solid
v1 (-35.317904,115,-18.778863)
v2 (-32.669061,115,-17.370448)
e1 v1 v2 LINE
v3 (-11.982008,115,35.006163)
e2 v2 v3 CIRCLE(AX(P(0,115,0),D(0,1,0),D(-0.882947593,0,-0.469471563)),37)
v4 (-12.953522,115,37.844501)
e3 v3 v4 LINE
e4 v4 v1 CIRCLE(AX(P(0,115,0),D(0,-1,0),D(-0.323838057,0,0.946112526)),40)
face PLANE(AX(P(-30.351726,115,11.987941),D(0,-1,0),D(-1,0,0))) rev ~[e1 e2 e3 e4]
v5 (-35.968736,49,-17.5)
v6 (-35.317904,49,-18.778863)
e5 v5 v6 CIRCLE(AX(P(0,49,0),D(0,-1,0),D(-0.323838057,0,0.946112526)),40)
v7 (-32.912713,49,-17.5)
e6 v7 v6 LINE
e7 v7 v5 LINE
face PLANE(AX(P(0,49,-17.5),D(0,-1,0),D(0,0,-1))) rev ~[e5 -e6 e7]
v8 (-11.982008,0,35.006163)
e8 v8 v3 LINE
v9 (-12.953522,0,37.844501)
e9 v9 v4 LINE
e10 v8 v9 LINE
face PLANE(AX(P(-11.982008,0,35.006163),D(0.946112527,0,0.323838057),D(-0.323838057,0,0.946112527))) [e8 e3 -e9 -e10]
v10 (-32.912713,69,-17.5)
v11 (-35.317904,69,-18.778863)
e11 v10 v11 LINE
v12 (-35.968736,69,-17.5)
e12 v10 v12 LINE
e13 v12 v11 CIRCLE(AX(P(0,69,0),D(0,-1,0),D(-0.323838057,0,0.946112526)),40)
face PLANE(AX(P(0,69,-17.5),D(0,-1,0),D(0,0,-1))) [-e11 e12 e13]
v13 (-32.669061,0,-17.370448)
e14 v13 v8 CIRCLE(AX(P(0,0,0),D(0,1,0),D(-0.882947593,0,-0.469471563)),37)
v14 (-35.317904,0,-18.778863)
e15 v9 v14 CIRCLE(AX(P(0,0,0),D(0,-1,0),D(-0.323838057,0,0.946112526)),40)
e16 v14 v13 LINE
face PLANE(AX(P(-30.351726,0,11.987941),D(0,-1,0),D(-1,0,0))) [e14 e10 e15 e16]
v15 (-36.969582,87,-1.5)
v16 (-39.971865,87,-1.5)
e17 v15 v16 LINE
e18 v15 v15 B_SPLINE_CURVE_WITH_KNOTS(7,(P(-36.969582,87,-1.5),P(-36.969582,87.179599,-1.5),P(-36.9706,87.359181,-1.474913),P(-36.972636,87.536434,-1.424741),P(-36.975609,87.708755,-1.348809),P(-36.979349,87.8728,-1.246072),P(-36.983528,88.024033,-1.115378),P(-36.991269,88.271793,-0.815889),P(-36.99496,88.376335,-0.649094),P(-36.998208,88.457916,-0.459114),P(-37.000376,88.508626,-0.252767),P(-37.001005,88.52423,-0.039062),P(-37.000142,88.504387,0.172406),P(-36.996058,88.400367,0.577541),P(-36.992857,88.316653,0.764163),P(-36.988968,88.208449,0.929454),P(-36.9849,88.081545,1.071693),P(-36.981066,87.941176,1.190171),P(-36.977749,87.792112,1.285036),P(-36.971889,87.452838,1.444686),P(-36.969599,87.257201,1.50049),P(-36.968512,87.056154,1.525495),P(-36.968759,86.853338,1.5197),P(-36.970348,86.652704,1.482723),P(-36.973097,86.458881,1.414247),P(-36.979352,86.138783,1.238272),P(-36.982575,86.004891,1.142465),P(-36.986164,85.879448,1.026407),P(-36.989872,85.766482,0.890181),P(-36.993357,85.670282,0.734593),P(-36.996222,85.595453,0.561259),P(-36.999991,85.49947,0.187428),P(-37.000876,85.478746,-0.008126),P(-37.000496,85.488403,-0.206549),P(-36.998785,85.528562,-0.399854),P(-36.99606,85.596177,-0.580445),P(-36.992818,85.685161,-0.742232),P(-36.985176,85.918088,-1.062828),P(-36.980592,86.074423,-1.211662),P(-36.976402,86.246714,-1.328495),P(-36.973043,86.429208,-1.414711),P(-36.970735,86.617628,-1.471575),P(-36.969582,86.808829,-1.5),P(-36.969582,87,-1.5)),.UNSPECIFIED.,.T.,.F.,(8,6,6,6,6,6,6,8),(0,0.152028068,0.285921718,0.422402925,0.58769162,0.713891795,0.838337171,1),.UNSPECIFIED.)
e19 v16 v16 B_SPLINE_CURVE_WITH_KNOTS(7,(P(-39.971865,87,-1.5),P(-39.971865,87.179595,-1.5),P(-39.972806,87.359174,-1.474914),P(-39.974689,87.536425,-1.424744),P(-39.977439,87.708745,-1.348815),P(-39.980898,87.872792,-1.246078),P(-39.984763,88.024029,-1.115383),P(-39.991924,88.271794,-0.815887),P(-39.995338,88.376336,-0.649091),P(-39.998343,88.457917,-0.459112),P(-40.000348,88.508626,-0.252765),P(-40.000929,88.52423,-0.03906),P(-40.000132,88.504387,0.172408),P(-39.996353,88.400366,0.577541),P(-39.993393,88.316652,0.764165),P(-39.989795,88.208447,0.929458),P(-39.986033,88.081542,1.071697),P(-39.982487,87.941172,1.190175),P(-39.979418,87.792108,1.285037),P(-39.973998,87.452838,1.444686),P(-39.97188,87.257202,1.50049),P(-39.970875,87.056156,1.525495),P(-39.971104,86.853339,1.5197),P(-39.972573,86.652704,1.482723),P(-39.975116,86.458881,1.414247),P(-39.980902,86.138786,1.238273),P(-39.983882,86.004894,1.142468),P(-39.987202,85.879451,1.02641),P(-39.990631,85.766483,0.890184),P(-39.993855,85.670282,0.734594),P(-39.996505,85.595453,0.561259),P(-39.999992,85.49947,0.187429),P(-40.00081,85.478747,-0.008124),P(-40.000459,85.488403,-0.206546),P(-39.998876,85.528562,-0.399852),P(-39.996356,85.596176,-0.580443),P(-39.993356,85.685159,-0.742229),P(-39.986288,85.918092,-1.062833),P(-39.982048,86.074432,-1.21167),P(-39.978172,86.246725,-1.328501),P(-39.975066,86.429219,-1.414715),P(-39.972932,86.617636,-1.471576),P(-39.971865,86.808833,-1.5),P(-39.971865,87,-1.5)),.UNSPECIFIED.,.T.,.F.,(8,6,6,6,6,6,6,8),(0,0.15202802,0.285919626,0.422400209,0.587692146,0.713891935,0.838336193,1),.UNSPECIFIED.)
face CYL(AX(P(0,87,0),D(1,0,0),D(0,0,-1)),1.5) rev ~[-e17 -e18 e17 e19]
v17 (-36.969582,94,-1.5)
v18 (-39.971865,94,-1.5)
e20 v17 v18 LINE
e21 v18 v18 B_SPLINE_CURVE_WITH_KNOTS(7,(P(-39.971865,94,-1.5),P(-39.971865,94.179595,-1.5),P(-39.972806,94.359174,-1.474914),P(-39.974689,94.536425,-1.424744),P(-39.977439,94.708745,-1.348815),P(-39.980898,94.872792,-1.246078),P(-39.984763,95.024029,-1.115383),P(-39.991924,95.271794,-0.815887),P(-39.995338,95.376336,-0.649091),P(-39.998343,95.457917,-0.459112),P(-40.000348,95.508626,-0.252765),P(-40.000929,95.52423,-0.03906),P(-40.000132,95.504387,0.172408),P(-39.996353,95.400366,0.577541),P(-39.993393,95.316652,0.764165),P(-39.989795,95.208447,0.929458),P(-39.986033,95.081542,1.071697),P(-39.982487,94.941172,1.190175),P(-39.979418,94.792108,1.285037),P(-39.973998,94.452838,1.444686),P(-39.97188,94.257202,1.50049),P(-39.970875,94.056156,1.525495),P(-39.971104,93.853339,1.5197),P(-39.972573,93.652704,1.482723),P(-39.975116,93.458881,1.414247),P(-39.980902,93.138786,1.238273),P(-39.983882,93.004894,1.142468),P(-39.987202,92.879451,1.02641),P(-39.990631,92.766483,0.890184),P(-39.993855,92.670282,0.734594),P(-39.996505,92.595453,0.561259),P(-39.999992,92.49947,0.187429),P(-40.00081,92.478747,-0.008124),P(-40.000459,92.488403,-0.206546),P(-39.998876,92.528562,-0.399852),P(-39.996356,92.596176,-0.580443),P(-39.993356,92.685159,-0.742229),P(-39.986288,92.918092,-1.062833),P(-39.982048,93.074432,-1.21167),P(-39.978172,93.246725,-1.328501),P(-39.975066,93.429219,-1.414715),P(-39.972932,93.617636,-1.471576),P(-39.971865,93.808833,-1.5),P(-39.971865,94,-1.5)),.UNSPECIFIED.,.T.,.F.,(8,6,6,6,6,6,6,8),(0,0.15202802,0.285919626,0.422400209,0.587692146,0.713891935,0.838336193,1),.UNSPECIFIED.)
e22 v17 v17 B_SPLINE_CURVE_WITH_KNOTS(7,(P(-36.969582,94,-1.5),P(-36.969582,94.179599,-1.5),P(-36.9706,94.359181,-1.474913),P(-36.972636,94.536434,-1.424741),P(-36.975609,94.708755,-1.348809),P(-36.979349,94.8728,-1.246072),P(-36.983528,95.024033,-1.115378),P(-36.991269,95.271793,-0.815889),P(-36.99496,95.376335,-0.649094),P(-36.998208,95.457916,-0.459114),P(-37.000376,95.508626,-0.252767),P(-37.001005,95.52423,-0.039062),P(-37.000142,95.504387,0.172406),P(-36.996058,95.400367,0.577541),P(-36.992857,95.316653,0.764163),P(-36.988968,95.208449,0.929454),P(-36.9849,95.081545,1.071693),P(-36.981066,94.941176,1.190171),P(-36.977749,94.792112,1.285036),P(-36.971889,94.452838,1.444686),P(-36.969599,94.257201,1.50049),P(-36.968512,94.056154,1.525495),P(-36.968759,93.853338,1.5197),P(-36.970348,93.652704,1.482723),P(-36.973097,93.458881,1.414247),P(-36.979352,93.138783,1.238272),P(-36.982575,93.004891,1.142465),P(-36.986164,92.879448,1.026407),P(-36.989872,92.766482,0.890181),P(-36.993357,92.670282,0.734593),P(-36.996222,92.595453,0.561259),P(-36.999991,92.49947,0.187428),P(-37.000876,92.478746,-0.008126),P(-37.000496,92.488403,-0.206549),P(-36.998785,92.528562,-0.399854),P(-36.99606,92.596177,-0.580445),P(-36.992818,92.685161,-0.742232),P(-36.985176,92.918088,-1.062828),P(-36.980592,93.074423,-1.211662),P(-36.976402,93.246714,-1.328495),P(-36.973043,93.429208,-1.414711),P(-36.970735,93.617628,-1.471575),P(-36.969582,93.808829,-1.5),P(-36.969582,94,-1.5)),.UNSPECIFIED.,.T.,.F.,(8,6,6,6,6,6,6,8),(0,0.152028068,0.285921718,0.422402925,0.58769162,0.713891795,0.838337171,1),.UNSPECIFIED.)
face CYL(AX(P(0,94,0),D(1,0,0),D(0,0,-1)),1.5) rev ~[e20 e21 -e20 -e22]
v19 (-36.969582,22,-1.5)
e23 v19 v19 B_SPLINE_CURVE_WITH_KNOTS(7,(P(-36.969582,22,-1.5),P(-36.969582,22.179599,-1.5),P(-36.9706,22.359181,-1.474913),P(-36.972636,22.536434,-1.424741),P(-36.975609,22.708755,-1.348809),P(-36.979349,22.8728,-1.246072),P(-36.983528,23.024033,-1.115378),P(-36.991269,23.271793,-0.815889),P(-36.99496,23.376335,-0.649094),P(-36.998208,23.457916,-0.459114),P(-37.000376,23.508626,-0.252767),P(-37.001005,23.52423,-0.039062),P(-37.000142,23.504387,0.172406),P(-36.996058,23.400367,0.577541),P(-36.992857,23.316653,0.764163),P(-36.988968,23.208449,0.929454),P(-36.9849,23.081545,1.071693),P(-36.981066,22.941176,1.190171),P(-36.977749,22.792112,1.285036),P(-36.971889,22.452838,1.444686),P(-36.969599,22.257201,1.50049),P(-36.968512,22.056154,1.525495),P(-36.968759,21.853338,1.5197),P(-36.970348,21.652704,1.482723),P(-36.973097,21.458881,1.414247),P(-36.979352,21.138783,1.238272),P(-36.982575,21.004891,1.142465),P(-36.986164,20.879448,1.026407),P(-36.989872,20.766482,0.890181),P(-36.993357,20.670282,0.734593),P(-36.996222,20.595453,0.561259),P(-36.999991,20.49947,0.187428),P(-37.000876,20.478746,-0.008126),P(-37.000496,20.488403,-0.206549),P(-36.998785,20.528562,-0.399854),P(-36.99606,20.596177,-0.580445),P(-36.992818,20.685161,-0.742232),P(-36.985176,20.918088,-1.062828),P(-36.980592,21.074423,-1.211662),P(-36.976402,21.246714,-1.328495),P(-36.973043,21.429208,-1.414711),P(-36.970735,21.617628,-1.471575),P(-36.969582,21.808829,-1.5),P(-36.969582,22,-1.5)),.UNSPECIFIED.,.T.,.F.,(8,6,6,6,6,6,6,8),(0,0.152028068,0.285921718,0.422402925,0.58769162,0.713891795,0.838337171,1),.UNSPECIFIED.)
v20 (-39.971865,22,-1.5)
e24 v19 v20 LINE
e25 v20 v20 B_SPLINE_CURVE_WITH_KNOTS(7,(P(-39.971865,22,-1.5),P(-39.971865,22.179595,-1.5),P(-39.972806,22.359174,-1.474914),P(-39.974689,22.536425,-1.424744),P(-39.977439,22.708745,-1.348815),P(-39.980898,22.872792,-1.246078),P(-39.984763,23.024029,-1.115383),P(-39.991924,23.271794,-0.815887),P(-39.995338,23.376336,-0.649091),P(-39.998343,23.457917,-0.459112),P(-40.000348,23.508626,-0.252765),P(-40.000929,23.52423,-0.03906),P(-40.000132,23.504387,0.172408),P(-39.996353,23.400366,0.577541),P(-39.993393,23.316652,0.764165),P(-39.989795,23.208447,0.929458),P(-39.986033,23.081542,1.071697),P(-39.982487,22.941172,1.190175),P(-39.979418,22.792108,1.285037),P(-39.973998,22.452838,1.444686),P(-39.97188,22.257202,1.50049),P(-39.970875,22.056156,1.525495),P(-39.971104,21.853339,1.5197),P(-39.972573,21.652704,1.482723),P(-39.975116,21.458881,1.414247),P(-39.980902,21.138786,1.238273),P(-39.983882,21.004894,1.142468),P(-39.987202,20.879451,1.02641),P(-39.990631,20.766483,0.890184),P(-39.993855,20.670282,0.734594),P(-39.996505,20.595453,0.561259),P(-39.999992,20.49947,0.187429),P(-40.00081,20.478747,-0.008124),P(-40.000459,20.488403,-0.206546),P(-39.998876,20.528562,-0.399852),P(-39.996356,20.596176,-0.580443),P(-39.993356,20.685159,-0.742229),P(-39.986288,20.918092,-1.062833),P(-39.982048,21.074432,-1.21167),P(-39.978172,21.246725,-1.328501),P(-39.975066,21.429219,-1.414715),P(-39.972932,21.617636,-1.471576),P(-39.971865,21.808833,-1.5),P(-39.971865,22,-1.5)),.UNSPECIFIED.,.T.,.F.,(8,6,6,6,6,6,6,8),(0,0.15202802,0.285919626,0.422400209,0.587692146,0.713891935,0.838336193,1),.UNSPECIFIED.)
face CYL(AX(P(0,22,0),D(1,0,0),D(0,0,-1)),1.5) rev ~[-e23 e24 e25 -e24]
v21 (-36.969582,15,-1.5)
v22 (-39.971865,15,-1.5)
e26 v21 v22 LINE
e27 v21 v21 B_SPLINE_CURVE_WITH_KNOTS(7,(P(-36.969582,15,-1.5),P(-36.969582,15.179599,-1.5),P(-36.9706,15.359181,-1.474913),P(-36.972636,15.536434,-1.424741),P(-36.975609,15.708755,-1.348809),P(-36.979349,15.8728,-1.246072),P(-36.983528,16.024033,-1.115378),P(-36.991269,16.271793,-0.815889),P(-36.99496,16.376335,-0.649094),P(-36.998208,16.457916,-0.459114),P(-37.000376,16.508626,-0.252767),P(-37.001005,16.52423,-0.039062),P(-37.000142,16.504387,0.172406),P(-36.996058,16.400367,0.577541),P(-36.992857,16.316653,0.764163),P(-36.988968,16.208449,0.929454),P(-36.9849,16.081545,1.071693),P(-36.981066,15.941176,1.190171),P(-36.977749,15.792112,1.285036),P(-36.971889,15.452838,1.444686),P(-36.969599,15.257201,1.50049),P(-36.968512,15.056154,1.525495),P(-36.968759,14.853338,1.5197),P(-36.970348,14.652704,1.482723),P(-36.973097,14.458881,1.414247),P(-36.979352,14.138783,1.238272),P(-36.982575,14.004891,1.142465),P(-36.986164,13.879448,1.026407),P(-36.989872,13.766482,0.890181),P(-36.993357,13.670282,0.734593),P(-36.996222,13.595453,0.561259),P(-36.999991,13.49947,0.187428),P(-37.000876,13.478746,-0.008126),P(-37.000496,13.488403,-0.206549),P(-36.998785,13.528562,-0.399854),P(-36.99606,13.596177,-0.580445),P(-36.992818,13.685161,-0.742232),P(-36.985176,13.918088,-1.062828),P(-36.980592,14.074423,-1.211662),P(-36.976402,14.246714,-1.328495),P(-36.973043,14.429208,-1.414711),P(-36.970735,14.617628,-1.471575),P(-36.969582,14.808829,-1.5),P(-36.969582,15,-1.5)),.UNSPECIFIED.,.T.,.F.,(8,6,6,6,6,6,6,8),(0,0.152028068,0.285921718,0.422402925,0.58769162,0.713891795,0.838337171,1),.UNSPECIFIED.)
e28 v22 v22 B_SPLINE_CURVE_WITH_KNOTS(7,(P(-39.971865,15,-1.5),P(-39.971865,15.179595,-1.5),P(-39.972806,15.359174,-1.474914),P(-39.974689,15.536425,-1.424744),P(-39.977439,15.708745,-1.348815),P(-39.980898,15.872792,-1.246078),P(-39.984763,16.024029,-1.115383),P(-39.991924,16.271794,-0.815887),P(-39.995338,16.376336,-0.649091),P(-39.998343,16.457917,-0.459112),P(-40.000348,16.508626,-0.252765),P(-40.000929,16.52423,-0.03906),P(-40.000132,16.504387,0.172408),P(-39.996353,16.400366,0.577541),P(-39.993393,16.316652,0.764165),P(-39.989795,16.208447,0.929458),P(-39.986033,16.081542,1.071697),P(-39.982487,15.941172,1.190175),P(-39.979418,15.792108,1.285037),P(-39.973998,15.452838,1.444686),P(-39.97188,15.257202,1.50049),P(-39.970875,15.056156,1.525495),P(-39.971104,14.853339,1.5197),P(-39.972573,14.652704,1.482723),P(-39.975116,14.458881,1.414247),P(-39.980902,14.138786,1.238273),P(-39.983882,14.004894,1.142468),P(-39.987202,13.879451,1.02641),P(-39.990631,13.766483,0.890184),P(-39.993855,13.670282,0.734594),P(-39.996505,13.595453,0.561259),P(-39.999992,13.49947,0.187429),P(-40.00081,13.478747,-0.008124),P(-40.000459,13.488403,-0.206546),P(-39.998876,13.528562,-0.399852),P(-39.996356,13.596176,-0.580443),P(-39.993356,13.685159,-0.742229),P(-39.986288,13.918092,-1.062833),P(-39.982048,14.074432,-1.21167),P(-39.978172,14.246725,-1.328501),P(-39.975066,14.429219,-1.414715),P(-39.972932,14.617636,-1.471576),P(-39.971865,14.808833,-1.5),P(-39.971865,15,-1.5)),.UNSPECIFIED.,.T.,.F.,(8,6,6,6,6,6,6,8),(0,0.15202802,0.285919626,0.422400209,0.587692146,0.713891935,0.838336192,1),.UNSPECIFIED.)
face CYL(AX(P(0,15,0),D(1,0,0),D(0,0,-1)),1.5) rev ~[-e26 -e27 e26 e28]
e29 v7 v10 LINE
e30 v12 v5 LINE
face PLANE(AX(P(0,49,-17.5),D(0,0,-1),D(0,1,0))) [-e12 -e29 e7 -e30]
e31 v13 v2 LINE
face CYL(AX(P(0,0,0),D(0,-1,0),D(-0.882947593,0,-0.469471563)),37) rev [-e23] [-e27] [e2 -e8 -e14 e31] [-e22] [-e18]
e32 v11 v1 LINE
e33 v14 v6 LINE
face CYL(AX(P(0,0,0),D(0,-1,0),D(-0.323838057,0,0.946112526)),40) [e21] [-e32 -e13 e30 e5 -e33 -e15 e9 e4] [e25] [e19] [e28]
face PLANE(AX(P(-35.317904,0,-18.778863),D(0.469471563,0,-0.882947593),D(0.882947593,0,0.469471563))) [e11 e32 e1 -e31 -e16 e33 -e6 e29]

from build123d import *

# Parameters (mm, degrees)
EXTRUSION1_DEPTH = 115
ESQUISSE6_R      = 1.5
ESQUISSE6_W      = 11.044450352
ESQUISSE6_H      = 20
EXTRUSION2_DEPTH = 120


with BuildPart() as part:
    # Esquisse5 → Extrusion1 (new body)
    with BuildSketch(Plane(origin=(0, 0, 0), x_dir=(1, 0, 0), z_dir=(0, 1, 0))):
        with BuildLine():
            Line((-11.982008115, -35.006163479), (-12.953522286, -37.844501059))
            ThreePointArc((-12.953522286, -37.844501059), (-37.203278989, -14.694081546), (-35.317903714, 18.778862511))
            Line((-35.317903714, 18.778862511), (-32.669060936, 17.370447823))
            ThreePointArc((-32.669060936, 17.370447823), (-34.413033065, -13.59202543), (-11.982008115, -35.006163479))
        make_face()
    extrude(amount=EXTRUSION1_DEPTH)

    # Esquisse6 → Extrusion2 (cut)
    with BuildSketch(Plane(origin=(0, 0, 0), x_dir=(0, 0, -1), z_dir=(1, 0, 0))):
        with Locations((0, 94)):
            Circle(ESQUISSE6_R)
        with Locations((0, 87)):
            Circle(ESQUISSE6_R)
        with Locations((0, 15)):
            Circle(ESQUISSE6_R)
        with Locations((0, 22)):
            Circle(ESQUISSE6_R)
        with Locations((23.022225176, 59)):
            Rectangle(ESQUISSE6_W, ESQUISSE6_H)
    extrude(amount=-EXTRUSION2_DEPTH, mode=Mode.SUBTRACT)


solid = part.part
